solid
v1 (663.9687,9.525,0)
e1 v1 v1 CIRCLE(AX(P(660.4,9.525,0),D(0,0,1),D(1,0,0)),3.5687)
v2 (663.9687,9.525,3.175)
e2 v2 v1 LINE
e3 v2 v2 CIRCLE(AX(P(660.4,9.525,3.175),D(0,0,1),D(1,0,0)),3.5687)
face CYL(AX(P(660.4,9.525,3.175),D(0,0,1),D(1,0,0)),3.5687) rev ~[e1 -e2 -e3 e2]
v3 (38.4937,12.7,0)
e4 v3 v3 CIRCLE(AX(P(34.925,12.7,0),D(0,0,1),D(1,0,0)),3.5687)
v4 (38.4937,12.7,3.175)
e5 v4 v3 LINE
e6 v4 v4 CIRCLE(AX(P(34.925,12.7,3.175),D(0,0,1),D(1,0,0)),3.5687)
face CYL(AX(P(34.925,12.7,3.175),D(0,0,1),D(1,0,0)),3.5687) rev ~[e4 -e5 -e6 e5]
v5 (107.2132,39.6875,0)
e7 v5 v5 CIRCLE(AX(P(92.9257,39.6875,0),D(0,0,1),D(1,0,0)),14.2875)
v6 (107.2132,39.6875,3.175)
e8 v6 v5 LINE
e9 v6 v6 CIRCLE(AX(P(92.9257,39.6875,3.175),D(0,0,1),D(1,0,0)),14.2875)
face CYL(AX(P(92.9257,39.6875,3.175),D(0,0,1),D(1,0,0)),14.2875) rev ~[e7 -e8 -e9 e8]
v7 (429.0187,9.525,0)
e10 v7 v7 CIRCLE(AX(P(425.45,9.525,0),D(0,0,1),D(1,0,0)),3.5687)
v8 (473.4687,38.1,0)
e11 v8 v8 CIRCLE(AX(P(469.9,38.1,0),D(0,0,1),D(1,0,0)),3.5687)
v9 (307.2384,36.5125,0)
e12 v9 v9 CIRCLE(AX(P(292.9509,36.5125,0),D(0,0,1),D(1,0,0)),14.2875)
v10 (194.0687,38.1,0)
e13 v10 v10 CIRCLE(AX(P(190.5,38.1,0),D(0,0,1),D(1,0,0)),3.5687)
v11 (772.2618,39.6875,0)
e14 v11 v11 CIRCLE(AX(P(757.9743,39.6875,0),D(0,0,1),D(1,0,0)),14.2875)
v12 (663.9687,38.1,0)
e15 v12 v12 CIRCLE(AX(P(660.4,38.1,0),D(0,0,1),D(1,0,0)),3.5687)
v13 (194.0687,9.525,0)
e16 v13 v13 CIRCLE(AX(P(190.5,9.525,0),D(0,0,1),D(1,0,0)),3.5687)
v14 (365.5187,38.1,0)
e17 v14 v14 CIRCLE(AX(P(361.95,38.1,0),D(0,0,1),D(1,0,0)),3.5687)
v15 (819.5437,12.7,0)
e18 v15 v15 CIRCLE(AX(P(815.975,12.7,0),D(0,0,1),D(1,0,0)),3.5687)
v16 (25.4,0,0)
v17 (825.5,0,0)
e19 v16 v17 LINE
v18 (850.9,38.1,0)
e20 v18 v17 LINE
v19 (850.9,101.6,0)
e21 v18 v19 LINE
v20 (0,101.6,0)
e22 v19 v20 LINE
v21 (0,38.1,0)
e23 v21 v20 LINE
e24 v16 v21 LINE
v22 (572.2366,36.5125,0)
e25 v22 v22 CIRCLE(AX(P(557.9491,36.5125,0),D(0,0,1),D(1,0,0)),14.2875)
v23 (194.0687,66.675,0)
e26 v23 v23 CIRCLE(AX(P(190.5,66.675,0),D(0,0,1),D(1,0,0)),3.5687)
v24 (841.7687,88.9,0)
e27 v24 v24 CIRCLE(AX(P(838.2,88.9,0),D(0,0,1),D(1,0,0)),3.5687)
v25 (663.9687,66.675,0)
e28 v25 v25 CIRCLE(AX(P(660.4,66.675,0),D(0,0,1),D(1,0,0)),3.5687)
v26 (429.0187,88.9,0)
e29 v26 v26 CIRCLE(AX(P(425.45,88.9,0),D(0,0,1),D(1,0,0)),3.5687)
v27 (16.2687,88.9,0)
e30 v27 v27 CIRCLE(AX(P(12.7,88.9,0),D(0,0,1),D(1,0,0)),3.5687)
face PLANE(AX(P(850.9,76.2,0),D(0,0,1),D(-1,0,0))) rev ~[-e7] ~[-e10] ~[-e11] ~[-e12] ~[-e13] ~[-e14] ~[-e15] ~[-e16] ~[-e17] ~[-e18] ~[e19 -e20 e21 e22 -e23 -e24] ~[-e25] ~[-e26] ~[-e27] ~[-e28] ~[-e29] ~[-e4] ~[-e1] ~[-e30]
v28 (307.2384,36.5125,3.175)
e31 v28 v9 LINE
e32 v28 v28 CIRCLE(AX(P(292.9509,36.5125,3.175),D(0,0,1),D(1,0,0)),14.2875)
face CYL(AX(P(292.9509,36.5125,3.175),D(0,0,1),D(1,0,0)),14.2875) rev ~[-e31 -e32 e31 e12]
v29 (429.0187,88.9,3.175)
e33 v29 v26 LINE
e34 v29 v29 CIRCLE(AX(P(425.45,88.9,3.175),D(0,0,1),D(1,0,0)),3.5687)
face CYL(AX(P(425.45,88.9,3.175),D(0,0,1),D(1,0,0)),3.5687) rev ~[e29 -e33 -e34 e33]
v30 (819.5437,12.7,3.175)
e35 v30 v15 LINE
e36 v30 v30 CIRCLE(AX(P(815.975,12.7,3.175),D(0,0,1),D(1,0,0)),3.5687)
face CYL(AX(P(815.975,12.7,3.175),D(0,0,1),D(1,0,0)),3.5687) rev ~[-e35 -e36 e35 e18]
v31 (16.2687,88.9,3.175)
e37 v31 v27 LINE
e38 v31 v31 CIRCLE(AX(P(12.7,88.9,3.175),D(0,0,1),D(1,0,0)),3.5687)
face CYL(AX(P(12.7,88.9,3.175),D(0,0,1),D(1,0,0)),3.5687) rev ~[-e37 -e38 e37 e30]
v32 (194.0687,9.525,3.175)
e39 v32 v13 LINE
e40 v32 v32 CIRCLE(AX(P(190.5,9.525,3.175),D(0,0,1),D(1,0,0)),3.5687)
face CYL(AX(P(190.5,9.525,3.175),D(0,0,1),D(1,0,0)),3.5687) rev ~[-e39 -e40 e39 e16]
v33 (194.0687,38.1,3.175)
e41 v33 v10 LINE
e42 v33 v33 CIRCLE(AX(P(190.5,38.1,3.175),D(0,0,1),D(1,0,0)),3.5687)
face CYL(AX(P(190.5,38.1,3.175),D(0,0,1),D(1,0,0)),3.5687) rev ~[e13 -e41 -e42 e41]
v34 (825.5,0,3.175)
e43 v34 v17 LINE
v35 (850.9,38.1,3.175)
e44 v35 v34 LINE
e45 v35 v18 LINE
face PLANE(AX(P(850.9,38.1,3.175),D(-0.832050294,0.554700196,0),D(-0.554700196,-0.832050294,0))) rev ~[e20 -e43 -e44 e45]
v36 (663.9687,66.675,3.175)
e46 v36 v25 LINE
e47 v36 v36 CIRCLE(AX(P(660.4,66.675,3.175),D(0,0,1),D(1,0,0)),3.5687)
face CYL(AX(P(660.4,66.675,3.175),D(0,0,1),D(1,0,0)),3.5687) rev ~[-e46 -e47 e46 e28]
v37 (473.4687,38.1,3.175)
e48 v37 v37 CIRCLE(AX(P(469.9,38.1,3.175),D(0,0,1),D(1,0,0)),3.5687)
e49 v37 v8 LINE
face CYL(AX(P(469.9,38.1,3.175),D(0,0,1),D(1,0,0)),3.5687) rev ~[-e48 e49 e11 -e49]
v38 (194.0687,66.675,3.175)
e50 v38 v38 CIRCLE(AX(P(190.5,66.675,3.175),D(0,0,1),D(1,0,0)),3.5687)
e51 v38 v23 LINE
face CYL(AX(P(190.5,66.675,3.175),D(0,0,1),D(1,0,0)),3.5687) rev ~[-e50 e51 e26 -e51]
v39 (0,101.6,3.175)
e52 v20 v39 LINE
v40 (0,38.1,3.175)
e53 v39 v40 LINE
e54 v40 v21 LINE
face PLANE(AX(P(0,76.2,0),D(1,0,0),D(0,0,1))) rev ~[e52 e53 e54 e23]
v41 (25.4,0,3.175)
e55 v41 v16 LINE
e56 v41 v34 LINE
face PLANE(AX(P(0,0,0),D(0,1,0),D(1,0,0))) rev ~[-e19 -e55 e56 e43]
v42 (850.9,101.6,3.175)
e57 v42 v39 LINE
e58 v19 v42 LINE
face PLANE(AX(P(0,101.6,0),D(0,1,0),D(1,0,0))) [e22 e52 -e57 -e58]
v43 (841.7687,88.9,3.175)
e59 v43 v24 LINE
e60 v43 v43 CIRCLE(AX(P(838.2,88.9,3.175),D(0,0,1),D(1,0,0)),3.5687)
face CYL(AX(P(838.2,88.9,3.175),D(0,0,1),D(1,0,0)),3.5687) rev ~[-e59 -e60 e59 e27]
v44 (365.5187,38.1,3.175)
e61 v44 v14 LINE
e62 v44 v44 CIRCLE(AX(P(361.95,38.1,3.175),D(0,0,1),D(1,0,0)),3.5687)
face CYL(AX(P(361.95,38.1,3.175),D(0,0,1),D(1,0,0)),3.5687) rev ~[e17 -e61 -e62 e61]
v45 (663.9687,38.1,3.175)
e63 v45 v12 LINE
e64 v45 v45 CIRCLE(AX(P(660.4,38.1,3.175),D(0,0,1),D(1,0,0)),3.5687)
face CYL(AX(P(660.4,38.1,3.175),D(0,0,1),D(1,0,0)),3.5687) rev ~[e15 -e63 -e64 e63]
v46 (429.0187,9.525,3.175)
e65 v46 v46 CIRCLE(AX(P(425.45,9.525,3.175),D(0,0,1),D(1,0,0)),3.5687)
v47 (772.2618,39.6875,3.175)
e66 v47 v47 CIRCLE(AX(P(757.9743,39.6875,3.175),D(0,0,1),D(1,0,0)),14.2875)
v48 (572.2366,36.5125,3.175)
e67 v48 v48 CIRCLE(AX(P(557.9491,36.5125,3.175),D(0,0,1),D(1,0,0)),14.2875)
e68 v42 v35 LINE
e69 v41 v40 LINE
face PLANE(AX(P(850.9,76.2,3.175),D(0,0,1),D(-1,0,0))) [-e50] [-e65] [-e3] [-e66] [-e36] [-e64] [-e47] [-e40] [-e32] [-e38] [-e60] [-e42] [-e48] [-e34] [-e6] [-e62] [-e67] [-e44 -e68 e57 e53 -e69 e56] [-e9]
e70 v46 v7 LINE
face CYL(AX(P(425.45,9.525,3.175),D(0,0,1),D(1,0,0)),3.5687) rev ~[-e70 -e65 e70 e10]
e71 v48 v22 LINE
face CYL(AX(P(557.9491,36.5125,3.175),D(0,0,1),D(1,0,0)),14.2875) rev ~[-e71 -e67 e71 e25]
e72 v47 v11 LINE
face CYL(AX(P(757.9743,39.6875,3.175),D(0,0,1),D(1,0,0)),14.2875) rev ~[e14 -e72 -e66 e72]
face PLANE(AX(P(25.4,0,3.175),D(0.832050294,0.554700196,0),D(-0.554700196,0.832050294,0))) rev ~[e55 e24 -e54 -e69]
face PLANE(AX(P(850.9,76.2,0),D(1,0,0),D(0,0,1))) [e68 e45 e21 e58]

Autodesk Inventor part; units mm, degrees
ref_plane "YZ Plane" through (0, 0, 0) normal (1, 0, 0) x (0, 1, 0)
ref_plane "XZ Plane" through (0, 0, 0) normal (0, 1, 0) x (-1, 0, 0)
ref_plane "XY Plane" through (0, 0, 0) normal (0, 0, 1) x (1, 0, 0)
sketch "Sketch1" plane through (0, 0, 0) normal (0, 0, 1) x (1, 0, 0)
  line L0 (0, 0) -> (850.9, 0)
  line L1 (850.9, 0) -> (850.9, 76.2)
  line L2 (850.9, 76.2) -> (0, 76.2)
  line L3 (0, 76.2) -> (0, 0)
  dimension "d0" = 850.9
  dimension "d1" = 76.2
extrude "Extrusion1" add sketch "Sketch1" along normal blind 3.175
sketch "Sketch4" plane through (0, 0, 3.175) normal (0, 0, 1) x (1, 0, 0)
  line L0 (0, 0) -> (0, 38.1)
  line L1 (0, 76.2) -> (0, 0) projected
  line L2 (0, 0) -> (25.4, 0)
  line L3 (0, 0) -> (850.9, 0) projected
  line L4 (25.4, 0) -> (0, 38.1)
  line L5 (850.9, 0) -> (825.5, 0)
  line L6 (850.9, 0) -> (850.9, 38.1)
  line L7 (850.9, 0) -> (850.9, 76.2) projected
  line L8 (850.9, 38.1) -> (825.5, 0)
  line L9 (0, 38.1) -> (0, 36.5125)
  circle A0 centre (292.9509, 36.5125) radius 14.2875
  circle A1 centre (557.9491, 36.5125) radius 14.2875
  circle A2 centre (757.9743, 39.6875) radius 14.2875
  circle A3 centre (92.9257, 39.6875) radius 14.2875
  dimension "d24" = 38.1
  dimension "d26" = 25.4
  dimension "d27" = 38.1
  dimension "d33" = 28.575
  dimension "d34" = 28.575
  dimension "d38" = 28.575
  dimension "d39" = 28.575
extrude "Extrusion3" cut sketch "Sketch4" against normal blind 3.175
sketch "Sketch5" plane through (0, 0, 3.175) normal (0, 0, 1) x (1, 0, 0)
  line L0 (850.9, 76.2) -> (0, 76.2) projected
  line L1 (0, 76.2) -> (425.45, 76.2)
  circle A0 centre (425.45, 66.675) radius 3.5687
  circle A1 centre (425.45, 9.525) radius 3.5687
  line L2 (25.4, 0) -> (825.5, 0) projected
  line L3 (0, 76.2) -> (190.5, 76.2)
  circle A2 centre (190.5, 66.675) radius 3.5687
  circle A3 centre (190.5, 9.525) radius 3.5687
  circle A4 centre (190.5, 38.1) radius 3.5687
  line L4 (850.9, 38.1) -> (850.9, 76.2) projected
  line L5 (850.9, 76.2) -> (660.4, 76.2)
  circle A5 centre (660.4, 66.675) radius 3.5687
  circle A6 centre (660.4, 9.525) radius 3.5687
  circle A7 centre (660.4, 38.1) radius 3.5687
  circle A8 centre (838.2, 63.5) radius 3.5687
  circle A9 centre (12.7, 63.5) radius 3.5687
  line L6 (0, 76.2) -> (0, 38.1) projected
  circle A10 centre (34.925, 12.7) radius 3.5687
  circle A11 centre (815.975, 12.7) radius 3.5687
  point P0 (0, 0)
  dimension "d42" = 425.45
  dimension "d43" = 7.1374
  dimension "d44" = 9.525
  dimension "d45" = 7.1374
  dimension "d46" = 9.525
  dimension "d47" = 190.5
  dimension "d48" = 7.1374
  dimension "d49" = 9.525
  dimension "d50" = 7.1374
  dimension "d51" = 9.525
  dimension "d52" = 7.1374
  dimension "d53" = 38.1
  dimension "d54" = 190.5
  dimension "d55" = 7.1374
  dimension "d56" = 9.525
  dimension "d57" = 7.1374
  dimension "d58" = 9.525
  dimension "d59" = 7.1374
  dimension "d60" = 38.1
  dimension "d61" = 7.1374
  dimension "d62" = 12.7
  dimension "d63" = 12.7
  dimension "d64" = 7.1374
  dimension "d65" = 12.7
  dimension "d66" = 12.7
  dimension "d67" = 7.1374
  dimension "d69" = 12.7
  dimension "d70" = 9.525
  dimension "d71" = 7.1374
  dimension "d72" = 12.7
  dimension "d73" = 9.525
extrude "Extrusion4" cut sketch "Sketch5" against normal blind 3.175
sketch "Sketch6" plane through (0, 0, 3.175) normal (0, 0, 1) x (1, 0, 0)
  circle A0 centre (361.95, 38.1) radius 3.5687
  circle A1 centre (469.9, 38.1) radius 3.5687
  line L0 (850.9, 76.2) -> (0, 76.2) projected
  circle A2 centre (292.9509, 36.5125) radius 14.2875 projected
  line L1 (0, 76.2) -> (0, 38.1) projected
  line L2 (850.9, 38.1) -> (850.9, 76.2) projected
  point P0 (0, 0)
  dimension "d76" = 7.1374
  dimension "d77" = 7.1374
  dimension "d78" = 38.1
  dimension "d79" = 38.1
  dimension "d82" = 381
  dimension "d83" = 361.95
extrude "Extrusion6" cut sketch "Sketch6" against normal blind 25.4 contours A0 | A1
sketch "Sketch7" plane through (0, 76.2, 0) normal (0, 1, 0) x (1, 0, 0)
  line L0 (850.9, 0) -> (0, 0) projected
  line L1 (0, 0) -> (0, -3.175) projected
  line L2 (850.9, -3.175) -> (0, -3.175) projected
  line L3 (850.9, 0) -> (850.9, -3.175) projected
extrude "Extrusion7" add sketch "Sketch7" along normal blind 25.4
sketch "Sketch8" plane through (0, 0, 3.175) normal (0, 0, 1) x (1, 0, 0)
  circle A0 centre (12.7, 63.5) radius 3.5687 projected
  circle A1 centre (838.2, 63.5) radius 3.5687 projected
  circle A2 centre (425.45, 66.675) radius 3.5687 projected
  point P0 (0, 0)
extrude "Extrusion9" add sketch "Sketch8" against normal blind 3.175
sketch "Sketch9" plane through (0, 0, 3.175) normal (0, 0, 1) x (1, 0, 0)
  circle A0 centre (12.7, 88.9) radius 3.5687
  line L0 (0, 101.6) -> (850.9, 101.6) projected
  line L1 (0, 38.1) -> (0, 101.6) projected
  circle A1 centre (838.2, 88.9) radius 3.5687
  line L2 (850.9, 38.1) -> (850.9, 101.6) projected
  circle A2 centre (425.45, 88.9) radius 3.5687
  point P0 (0, 0)
  dimension "d95" = 7.1374
  dimension "d96" = 12.7
  dimension "d97" = 12.7
  dimension "d98" = 7.1374
  dimension "d99" = 12.7
  dimension "d100" = 12.7
  dimension "d101" = 7.1374
extrude "Extrusion10" cut sketch "Sketch9" against normal blind 3.175
properties part number "OutsidePlate2" material "Aluminum 6061"
